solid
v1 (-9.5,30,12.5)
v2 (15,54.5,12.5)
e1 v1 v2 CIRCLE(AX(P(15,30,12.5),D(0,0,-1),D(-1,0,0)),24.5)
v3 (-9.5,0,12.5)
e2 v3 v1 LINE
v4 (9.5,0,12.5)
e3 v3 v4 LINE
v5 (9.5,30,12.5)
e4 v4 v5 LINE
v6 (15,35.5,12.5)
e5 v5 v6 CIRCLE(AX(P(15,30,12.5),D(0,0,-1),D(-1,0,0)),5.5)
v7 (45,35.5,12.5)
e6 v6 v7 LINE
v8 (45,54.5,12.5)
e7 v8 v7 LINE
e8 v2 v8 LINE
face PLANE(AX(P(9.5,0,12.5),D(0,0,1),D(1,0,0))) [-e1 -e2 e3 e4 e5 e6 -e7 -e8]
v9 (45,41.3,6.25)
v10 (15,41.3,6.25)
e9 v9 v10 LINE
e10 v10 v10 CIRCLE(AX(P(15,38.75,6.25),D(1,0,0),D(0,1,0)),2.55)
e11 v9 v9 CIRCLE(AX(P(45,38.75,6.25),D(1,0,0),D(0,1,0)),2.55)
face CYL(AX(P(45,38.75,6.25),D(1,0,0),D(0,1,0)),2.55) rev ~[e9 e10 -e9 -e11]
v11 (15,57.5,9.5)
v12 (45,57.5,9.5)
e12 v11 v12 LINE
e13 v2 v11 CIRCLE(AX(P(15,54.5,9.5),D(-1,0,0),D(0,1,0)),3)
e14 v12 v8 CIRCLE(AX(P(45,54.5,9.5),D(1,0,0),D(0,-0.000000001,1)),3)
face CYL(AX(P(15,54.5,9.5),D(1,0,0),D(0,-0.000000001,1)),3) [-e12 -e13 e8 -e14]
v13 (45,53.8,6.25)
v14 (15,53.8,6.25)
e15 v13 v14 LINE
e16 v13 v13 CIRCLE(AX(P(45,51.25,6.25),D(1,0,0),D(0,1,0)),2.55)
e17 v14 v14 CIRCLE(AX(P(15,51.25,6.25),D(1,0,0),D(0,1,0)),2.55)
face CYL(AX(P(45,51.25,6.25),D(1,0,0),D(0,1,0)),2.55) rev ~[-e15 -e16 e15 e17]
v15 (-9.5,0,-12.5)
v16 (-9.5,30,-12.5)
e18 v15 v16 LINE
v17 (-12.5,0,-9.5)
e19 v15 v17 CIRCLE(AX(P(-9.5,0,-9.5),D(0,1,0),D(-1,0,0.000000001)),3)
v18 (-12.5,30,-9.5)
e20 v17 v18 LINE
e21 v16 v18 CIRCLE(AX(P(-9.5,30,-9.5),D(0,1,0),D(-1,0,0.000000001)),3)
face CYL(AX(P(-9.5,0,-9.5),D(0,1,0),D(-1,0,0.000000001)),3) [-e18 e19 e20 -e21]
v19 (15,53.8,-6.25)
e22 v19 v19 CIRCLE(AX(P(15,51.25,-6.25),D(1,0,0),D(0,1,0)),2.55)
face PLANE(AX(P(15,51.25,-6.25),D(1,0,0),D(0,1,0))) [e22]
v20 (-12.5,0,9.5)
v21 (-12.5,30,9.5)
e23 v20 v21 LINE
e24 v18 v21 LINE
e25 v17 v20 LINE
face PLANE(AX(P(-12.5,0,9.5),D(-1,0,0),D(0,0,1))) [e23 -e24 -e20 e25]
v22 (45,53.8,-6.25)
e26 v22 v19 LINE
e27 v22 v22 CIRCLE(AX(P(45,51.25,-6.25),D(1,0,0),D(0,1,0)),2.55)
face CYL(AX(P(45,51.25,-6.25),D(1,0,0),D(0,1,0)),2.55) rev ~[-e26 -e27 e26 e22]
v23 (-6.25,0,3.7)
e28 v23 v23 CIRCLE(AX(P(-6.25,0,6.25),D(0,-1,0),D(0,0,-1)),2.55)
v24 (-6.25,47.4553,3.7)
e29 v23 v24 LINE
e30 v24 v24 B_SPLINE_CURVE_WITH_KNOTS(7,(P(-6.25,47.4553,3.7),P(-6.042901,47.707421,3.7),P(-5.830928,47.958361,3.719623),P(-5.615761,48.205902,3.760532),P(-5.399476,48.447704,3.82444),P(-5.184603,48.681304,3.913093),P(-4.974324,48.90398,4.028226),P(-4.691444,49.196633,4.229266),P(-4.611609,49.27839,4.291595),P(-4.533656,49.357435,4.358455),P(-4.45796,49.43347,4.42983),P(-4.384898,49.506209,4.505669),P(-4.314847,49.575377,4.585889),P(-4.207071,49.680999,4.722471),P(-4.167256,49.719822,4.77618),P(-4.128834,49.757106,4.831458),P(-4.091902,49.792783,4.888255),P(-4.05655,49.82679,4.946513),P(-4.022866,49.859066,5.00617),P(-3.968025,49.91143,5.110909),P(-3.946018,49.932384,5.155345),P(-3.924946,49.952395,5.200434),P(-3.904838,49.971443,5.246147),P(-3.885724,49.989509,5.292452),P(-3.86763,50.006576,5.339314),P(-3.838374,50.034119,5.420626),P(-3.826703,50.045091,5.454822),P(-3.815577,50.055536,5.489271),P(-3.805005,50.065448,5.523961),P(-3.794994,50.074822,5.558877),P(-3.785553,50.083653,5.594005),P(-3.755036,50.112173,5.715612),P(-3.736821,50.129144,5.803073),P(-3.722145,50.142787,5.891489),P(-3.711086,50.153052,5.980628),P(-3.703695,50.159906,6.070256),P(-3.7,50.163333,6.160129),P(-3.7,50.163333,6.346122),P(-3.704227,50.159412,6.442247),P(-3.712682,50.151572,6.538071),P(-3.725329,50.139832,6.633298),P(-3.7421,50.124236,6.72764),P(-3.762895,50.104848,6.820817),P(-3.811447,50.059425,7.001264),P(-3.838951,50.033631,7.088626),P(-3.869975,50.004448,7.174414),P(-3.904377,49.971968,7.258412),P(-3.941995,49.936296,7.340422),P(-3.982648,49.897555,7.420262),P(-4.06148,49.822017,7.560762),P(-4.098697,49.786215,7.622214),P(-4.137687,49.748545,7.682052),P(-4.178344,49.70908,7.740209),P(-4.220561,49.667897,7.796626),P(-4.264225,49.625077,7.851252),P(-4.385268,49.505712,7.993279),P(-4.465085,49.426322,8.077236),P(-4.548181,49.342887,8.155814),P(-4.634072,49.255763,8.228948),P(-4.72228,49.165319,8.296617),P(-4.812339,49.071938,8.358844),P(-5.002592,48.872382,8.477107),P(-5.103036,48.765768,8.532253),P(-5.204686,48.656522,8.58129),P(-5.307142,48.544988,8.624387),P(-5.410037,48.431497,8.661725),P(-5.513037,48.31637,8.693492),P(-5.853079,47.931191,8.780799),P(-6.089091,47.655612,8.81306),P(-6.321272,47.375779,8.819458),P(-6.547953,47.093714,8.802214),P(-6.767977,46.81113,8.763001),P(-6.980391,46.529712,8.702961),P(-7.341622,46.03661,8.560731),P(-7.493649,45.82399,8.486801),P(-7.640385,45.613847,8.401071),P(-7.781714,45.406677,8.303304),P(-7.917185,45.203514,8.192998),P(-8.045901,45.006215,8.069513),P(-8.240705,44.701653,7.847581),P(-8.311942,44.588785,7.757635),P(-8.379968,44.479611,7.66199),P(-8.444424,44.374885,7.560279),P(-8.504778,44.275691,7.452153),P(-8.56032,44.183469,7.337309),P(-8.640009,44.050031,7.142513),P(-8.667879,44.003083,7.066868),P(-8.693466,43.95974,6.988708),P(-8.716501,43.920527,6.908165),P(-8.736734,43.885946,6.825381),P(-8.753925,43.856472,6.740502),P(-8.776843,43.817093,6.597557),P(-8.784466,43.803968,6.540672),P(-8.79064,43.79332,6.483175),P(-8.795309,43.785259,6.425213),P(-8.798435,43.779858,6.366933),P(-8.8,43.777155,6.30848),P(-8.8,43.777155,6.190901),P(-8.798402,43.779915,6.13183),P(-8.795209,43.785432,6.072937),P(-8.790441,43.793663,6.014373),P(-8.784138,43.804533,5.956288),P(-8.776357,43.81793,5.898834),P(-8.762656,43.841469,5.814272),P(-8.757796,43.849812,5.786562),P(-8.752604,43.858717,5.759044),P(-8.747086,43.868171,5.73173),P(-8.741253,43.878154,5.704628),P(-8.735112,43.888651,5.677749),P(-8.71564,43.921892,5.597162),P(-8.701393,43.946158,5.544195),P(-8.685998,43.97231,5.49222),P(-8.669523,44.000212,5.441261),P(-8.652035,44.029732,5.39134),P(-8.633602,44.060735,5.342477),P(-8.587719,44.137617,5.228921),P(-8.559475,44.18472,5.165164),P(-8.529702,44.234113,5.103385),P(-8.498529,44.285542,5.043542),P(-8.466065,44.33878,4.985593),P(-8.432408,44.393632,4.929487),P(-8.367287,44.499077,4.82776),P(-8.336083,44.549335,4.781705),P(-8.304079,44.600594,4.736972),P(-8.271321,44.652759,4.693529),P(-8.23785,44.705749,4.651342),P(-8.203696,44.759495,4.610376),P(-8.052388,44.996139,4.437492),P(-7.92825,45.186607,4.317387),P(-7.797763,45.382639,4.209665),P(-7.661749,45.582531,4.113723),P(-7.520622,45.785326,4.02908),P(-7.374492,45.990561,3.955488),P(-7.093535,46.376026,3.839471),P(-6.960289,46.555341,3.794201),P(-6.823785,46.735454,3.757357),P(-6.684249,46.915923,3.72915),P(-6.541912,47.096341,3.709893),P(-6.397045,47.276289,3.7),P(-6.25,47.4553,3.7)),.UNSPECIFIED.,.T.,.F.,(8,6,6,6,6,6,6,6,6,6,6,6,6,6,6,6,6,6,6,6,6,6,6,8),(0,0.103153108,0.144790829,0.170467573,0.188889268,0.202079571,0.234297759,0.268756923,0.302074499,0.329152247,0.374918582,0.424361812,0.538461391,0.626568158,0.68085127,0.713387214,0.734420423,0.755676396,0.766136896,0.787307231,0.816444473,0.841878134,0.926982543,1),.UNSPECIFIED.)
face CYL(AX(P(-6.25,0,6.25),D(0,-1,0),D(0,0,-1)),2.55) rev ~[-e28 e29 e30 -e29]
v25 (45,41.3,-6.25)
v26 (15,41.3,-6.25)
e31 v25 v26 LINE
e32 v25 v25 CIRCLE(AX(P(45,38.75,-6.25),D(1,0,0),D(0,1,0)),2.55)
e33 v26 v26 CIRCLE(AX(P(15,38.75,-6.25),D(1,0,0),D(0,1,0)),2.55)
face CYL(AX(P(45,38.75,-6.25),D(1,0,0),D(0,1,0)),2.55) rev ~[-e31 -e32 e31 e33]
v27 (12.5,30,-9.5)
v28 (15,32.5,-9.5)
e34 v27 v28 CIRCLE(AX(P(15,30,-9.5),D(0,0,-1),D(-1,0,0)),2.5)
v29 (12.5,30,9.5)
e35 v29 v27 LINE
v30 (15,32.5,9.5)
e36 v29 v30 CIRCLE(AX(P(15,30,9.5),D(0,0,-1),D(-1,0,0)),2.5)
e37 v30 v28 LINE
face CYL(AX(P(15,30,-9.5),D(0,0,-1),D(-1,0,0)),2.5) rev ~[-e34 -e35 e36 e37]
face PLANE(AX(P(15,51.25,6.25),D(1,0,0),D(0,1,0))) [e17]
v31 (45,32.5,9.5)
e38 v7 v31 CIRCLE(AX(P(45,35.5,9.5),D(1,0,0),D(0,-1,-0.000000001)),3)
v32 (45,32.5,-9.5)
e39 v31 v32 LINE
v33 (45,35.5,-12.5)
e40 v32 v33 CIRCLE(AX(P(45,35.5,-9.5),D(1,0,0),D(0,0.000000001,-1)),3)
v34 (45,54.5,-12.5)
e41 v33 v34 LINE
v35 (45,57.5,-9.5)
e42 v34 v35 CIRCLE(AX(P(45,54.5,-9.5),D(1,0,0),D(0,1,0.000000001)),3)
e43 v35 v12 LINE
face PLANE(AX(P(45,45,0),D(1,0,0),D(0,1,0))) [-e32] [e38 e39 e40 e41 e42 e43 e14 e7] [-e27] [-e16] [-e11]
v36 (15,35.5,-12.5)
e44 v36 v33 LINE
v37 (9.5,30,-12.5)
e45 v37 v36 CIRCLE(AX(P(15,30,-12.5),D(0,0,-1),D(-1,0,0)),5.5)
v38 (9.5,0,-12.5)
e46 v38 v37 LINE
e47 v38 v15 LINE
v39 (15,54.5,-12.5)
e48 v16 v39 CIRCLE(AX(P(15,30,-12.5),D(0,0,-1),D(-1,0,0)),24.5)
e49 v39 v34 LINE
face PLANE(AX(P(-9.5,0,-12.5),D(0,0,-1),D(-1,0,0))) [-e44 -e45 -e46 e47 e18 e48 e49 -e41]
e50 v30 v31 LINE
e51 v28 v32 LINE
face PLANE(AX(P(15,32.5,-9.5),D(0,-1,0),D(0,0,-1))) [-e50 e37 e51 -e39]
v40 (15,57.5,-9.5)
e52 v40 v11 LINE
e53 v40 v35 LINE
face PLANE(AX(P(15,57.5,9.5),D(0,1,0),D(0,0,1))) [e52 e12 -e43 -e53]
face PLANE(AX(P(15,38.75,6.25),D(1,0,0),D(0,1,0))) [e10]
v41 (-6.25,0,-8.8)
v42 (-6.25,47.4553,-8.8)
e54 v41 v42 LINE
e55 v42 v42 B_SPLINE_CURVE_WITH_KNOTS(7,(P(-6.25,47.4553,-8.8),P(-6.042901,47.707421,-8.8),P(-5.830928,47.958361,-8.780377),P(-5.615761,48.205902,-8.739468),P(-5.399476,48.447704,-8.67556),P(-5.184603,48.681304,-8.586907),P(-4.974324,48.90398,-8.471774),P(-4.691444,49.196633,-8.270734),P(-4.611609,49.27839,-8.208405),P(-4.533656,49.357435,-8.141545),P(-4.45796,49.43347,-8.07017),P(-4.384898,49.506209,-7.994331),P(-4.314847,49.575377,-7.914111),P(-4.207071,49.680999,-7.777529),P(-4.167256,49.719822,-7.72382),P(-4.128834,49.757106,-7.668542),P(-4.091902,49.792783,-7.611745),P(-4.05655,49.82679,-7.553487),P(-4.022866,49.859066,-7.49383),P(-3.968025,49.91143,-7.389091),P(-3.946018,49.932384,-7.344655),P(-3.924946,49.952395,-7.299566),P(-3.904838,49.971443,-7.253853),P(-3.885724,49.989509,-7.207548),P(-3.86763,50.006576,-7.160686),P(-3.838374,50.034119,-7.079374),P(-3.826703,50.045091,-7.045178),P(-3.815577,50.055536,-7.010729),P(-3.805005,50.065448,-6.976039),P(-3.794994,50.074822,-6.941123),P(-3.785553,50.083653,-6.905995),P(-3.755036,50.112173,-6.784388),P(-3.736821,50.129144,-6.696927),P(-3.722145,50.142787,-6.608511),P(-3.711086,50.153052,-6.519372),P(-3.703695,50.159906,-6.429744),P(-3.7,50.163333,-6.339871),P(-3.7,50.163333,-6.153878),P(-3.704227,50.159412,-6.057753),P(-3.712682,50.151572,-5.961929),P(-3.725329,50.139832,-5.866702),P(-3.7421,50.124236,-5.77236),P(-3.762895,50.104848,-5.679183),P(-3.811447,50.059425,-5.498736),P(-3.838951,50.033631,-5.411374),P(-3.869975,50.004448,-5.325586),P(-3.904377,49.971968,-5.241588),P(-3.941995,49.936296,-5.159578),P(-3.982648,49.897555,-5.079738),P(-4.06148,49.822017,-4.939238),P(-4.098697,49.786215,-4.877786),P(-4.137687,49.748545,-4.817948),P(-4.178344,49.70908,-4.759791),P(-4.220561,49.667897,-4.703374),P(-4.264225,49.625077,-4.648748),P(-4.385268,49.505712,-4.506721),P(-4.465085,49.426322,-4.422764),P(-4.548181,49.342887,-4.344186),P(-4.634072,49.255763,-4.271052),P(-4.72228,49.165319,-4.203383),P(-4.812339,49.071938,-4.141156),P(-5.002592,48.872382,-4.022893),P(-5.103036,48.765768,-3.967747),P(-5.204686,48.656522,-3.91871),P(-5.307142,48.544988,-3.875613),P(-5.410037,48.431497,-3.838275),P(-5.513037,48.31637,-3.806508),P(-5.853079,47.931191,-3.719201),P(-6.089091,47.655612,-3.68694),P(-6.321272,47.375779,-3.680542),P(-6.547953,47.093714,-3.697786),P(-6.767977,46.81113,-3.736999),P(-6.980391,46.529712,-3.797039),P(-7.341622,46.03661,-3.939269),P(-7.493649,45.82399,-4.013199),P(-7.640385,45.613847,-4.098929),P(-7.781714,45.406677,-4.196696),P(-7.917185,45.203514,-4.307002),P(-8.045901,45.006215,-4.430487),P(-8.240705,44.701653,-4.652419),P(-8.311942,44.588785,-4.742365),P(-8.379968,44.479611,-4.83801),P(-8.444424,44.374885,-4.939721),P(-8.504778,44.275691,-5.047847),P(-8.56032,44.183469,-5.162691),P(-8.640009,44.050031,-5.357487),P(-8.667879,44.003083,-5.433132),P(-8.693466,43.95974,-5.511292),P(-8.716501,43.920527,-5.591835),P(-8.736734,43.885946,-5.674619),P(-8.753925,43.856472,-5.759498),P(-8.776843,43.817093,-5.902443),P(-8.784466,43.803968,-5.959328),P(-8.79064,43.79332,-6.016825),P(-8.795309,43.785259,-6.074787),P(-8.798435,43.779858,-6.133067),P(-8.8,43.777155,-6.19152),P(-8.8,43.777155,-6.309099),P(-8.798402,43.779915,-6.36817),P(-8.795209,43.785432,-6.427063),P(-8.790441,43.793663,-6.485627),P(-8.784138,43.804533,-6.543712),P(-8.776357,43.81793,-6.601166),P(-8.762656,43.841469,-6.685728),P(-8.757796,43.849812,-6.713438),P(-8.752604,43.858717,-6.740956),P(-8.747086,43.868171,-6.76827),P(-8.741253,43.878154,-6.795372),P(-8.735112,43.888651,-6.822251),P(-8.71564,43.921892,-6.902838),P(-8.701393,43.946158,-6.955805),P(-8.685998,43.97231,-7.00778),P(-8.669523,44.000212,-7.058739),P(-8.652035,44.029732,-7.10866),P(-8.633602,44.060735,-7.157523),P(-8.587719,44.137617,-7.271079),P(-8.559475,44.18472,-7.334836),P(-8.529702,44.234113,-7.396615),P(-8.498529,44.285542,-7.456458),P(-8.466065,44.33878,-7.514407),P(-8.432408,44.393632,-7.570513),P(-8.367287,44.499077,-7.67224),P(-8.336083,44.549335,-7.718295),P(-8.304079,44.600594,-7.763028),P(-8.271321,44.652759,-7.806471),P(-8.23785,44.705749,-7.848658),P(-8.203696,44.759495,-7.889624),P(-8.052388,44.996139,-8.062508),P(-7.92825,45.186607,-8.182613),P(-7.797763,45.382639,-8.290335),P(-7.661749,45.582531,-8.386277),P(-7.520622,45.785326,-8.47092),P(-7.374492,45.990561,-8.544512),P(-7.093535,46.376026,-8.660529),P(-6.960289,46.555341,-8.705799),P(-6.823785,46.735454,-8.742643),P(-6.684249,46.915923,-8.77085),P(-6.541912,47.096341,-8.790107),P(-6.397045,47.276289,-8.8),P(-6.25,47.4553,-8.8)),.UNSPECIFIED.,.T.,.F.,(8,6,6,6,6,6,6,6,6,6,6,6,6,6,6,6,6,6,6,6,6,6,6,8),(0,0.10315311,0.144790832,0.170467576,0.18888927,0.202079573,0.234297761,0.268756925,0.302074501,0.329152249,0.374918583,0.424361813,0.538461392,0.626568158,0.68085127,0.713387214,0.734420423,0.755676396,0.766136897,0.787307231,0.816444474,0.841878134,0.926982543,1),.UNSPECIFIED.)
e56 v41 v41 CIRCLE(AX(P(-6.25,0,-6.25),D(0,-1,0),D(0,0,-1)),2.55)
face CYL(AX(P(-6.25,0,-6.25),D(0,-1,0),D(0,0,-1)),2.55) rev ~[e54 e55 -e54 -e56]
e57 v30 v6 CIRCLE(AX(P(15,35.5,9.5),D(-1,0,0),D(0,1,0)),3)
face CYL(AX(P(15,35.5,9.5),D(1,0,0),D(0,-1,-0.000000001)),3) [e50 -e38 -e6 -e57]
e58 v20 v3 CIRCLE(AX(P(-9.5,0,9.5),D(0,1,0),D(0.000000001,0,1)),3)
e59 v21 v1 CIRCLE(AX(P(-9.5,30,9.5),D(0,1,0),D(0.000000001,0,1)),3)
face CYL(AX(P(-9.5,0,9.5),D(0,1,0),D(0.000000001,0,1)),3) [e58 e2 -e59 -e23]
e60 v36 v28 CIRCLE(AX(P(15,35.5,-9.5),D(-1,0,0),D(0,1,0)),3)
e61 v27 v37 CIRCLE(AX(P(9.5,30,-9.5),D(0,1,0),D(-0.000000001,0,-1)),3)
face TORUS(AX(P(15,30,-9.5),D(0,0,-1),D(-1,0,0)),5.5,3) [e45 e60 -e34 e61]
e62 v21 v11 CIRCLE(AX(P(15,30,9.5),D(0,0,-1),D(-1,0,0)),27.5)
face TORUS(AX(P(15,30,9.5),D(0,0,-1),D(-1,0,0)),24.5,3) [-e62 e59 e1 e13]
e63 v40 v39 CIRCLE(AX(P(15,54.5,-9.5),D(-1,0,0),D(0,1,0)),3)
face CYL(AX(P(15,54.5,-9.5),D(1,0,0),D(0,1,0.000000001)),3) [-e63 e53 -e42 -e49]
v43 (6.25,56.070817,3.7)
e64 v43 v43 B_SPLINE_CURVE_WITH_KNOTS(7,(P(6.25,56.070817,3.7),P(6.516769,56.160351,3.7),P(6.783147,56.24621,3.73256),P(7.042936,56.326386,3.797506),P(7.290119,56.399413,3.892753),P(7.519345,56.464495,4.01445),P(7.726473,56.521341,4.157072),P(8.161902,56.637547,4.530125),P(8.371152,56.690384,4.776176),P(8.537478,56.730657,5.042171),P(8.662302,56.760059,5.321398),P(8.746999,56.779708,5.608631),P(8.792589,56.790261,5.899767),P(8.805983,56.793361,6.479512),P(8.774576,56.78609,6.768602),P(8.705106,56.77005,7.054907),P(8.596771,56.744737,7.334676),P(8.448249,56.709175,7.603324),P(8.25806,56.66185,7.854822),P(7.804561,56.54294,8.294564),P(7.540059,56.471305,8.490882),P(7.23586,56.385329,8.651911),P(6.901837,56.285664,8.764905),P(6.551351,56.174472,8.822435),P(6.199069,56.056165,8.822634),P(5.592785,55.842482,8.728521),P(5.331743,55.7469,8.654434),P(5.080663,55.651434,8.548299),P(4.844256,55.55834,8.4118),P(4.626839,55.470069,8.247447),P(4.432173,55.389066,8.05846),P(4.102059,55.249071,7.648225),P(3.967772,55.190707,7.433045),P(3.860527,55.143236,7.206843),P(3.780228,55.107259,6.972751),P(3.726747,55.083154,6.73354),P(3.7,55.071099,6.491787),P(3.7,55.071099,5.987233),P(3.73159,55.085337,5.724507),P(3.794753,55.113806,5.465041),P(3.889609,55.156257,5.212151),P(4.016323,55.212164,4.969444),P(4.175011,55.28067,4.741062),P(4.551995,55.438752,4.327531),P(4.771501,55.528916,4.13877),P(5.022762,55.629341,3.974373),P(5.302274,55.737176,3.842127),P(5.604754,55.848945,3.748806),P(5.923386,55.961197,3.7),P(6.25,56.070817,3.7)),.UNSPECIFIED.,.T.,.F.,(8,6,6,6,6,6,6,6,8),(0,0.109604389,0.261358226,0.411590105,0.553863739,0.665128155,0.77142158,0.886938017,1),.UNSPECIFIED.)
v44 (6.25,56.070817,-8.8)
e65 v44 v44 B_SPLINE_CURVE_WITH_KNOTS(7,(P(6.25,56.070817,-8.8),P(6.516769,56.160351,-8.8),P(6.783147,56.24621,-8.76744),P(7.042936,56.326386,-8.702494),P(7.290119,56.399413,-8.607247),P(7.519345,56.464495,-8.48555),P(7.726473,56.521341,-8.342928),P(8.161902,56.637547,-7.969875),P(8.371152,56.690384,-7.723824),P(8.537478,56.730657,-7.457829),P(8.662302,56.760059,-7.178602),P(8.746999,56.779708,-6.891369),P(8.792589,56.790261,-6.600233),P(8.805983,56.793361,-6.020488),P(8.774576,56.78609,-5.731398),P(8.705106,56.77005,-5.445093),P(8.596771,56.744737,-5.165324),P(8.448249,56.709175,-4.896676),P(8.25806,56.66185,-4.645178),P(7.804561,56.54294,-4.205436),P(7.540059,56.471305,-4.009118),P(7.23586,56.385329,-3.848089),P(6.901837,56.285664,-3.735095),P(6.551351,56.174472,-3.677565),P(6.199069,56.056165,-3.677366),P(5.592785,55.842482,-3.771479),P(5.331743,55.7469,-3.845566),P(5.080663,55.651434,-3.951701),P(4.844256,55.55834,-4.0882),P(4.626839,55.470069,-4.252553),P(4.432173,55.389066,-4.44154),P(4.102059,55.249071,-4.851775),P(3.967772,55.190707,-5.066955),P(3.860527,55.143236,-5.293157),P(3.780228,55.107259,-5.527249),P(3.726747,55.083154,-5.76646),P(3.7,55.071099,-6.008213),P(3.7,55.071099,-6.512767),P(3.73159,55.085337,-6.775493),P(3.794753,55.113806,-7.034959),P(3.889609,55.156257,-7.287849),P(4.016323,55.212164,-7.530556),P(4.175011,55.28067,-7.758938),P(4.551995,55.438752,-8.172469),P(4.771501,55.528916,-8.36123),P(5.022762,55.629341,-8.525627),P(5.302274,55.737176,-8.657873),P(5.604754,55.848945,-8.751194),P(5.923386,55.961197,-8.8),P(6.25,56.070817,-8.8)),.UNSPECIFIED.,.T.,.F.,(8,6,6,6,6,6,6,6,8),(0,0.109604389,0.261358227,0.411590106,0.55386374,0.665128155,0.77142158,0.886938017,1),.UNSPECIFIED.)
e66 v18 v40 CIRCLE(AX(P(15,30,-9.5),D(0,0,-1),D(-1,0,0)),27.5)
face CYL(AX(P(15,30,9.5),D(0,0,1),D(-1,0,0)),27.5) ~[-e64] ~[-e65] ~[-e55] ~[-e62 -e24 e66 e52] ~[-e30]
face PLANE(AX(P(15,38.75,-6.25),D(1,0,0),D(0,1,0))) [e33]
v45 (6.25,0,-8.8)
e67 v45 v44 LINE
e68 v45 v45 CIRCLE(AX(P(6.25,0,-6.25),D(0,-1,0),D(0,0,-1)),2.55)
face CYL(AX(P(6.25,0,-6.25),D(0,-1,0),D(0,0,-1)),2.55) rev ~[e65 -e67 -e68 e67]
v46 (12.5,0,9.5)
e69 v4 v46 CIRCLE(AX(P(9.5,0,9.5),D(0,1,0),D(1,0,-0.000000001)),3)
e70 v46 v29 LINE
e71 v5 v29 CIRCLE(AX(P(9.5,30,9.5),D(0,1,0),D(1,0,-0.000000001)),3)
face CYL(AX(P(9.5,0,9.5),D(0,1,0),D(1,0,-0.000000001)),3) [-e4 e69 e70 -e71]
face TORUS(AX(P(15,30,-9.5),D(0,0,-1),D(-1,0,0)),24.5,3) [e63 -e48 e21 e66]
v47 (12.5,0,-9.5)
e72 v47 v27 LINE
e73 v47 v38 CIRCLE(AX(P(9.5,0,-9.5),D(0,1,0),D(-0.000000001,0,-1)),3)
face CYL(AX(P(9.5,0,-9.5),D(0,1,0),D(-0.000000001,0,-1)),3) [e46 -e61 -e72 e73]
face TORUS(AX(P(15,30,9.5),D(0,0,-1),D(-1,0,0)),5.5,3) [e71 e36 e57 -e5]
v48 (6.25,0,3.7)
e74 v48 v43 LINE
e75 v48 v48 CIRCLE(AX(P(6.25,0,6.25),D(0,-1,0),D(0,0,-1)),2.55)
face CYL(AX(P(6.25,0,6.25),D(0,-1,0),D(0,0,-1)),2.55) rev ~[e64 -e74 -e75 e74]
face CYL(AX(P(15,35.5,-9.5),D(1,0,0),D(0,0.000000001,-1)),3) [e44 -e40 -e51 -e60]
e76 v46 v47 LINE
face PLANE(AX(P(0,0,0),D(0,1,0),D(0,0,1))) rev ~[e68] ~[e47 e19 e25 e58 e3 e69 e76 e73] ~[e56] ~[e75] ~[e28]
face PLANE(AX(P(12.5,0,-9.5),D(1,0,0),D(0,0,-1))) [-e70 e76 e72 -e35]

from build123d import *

# Parameters (mm, degrees)
SKETCH_3_R          = 2.55
CUT_EXTRUDE_1_DEPTH = 30
SKETCH_5_R          = 2.55
CUT_EXTRUDE_2_DEPTH = 75.077662045


with BuildPart() as part:
    # 扫描1: sweep along a path in 草图2
    with BuildLine(Plane.XY) as sweep_1_path:
        Line((0, 0), (0, 30))
        ThreePointArc((0, 30), (4.393398282, 40.606601718), (15, 45))
        Line((15, 45), (45, 45))
    # 草图1 → 扫描1 (sweep)
    with BuildSketch(Plane(origin=(0, 0, 0), x_dir=(1, 0, 0), z_dir=(0, 1, 0))):
        with BuildLine():
            Line((-9.5, 12.5), (9.5, 12.5))
            ThreePointArc((9.5, 12.5), (11.621320344, 11.621320344), (12.5, 9.5))
            Line((12.5, 9.5), (12.5, -9.5))
            ThreePointArc((12.5, -9.5), (11.621320344, -11.621320344), (9.5, -12.5))
            Line((9.5, -12.5), (-9.5, -12.5))
            ThreePointArc((-9.5, -12.5), (-11.621320344, -11.621320344), (-12.5, -9.5))
            Line((-12.5, -9.5), (-12.5, 9.5))
            ThreePointArc((-12.5, 9.5), (-11.621320344, 11.621320344), (-9.5, 12.5))
        make_face()
    sweep(path=sweep_1_path.line)

    # 草图3 → 切除-拉伸1 (cut)
    with BuildSketch(Plane(origin=(45, 0, 0), x_dir=(0, 0, -1), z_dir=(1, 0, 0))):
        with Locations(Location((6.25, 51.25, 0), (0, 0, 90))):
            Circle(SKETCH_3_R)
        with Locations(Location((6.25, 38.75, 0), (0, 0, 90))):
            Circle(SKETCH_3_R)
        with Locations(Location((-6.25, 38.75, 0), (0, 0, 90))):
            Circle(SKETCH_3_R)
        with Locations(Location((-6.25, 51.25, 0), (0, 0, 90))):
            Circle(SKETCH_3_R)
    extrude(amount=-CUT_EXTRUDE_1_DEPTH, mode=Mode.SUBTRACT)

    # 草图5 → 切除-拉伸2 (cut, through all)
    with BuildSketch(Plane.XZ):
        with Locations(Location((-6.25, 6.25, 0), (0, 0, 270))):
            Circle(SKETCH_5_R)
        with Locations(Location((6.25, 6.25, 0), (0, 0, 270))):
            Circle(SKETCH_5_R)
        with Locations(Location((-6.25, -6.25, 0), (0, 0, 270))):
            Circle(SKETCH_5_R)
        with Locations(Location((6.25, -6.25, 0), (0, 0, 270))):
            Circle(SKETCH_5_R)
    extrude(amount=-CUT_EXTRUDE_2_DEPTH, mode=Mode.SUBTRACT)


solid = part.part
